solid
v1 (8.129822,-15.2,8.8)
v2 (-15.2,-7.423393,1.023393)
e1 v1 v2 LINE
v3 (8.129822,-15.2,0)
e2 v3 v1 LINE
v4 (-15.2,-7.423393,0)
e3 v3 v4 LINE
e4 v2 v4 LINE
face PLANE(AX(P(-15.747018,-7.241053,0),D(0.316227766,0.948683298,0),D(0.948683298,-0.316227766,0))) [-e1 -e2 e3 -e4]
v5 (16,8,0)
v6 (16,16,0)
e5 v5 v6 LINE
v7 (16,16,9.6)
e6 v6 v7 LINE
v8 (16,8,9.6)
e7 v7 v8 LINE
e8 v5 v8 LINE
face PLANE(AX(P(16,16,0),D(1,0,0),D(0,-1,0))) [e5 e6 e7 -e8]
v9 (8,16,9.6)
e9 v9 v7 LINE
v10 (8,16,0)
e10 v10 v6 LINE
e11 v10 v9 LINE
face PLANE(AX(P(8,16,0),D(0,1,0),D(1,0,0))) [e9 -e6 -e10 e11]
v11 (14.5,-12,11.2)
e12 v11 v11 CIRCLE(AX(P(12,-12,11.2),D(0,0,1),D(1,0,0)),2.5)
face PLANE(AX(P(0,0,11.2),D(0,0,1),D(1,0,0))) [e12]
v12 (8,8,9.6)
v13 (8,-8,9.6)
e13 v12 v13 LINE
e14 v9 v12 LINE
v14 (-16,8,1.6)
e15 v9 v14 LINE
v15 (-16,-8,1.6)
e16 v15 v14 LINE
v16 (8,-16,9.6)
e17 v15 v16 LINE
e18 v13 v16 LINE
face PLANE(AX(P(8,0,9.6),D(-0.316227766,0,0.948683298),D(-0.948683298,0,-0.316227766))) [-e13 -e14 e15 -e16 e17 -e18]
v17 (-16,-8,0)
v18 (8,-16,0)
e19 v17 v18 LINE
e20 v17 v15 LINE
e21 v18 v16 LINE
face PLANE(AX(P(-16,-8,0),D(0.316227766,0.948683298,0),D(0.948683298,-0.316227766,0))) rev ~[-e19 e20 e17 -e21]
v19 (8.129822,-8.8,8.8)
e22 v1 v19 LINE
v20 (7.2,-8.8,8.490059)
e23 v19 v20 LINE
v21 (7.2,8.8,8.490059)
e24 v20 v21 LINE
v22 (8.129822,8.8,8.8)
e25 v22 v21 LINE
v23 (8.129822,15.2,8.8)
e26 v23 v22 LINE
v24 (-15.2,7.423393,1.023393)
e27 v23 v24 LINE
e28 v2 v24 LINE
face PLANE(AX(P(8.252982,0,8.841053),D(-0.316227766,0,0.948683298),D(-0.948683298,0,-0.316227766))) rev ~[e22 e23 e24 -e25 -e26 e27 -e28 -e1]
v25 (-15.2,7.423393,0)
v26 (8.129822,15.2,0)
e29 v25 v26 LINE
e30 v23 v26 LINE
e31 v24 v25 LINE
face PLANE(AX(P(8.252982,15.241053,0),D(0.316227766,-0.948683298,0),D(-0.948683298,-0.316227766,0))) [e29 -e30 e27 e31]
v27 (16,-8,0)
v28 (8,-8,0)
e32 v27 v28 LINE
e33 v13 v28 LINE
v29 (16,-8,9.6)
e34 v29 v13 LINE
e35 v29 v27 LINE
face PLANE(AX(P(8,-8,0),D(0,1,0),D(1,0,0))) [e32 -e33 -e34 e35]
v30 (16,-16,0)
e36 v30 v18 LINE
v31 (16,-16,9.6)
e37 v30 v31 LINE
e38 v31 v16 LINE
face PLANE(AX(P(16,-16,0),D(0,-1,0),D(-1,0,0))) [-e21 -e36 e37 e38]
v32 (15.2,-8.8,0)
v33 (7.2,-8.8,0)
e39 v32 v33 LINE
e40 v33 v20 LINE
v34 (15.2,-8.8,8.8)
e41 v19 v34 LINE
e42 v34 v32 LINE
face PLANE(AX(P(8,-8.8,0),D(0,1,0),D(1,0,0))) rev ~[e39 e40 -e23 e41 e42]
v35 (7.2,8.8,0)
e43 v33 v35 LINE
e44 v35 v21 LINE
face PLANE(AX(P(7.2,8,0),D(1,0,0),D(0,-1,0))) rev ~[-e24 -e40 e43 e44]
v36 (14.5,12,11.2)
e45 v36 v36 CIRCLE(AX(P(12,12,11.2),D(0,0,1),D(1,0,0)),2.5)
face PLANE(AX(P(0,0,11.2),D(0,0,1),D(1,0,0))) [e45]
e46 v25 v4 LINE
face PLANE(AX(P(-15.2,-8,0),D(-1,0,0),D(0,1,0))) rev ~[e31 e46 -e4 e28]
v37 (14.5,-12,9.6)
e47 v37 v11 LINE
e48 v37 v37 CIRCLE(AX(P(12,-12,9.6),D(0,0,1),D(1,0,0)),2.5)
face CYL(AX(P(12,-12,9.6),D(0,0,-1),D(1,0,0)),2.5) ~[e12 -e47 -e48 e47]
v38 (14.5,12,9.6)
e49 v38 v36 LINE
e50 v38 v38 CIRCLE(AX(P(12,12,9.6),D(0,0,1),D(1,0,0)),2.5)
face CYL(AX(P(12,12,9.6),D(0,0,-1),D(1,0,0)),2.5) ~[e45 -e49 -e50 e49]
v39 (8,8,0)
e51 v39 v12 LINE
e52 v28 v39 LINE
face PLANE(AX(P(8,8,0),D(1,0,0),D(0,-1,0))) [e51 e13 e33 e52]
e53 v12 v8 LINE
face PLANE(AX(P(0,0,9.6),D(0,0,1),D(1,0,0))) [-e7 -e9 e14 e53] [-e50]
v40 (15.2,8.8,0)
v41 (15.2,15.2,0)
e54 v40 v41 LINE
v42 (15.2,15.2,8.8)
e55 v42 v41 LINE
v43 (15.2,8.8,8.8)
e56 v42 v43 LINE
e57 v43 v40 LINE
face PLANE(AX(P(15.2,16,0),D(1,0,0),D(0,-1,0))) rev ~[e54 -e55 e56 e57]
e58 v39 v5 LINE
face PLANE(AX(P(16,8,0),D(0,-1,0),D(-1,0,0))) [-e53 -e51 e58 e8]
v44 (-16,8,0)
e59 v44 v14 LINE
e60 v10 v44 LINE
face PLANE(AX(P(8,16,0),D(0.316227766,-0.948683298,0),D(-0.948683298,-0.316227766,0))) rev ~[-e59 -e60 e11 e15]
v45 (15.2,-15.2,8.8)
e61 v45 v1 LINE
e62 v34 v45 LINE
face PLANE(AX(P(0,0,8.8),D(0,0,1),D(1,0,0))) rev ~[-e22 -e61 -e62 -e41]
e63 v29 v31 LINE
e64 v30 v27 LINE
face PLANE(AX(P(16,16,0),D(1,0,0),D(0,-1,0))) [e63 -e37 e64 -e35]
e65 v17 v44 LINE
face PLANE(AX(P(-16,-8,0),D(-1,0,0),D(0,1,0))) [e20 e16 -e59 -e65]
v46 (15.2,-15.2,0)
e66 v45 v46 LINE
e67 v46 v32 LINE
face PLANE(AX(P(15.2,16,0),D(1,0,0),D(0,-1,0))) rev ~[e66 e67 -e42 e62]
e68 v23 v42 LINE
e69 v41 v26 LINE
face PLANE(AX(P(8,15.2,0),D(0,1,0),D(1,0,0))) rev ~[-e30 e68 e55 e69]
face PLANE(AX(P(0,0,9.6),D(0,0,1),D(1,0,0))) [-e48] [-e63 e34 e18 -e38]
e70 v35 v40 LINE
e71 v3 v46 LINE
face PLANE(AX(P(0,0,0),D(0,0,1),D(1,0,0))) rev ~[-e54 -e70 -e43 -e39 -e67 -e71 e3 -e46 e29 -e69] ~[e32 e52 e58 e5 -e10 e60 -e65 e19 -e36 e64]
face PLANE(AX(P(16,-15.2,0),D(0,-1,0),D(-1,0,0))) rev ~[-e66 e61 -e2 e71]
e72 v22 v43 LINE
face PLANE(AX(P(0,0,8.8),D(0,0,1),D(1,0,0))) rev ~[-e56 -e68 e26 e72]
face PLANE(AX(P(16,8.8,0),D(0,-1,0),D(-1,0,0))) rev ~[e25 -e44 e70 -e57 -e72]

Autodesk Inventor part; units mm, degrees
ref_plane "YZ Plane" through (0, 0, 0) normal (1, 0, 0) x (0, 1, 0)
ref_plane "XZ Plane" through (0, 0, 0) normal (0, 1, 0) x (-1, 0, 0)
ref_plane "XY Plane" through (0, 0, 0) normal (0, 0, 1) x (1, 0, 0)
sketch "Sketch1" plane through (0, 0, 0) normal (0, 0, 1) x (1, 0, 0)
  line L0 (-22.4, 0) -> (22.4, 0) construction
  line L1 (0, -22.4) -> (0, 22.4) construction
  line L2 (-16, 16) -> (16, 16)
  line L3 (16, 16) -> (16, -16)
  line L4 (16, -16) -> (-16, -16)
  line L5 (-16, -16) -> (-16, 16)
  line L6 (8, 16) -> (-16, 8)
  line L7 (-16, -8) -> (8, -16)
  line L8 (16, 8) -> (8, 8)
  line L9 (8, 8) -> (8, -8)
  line L10 (8, -8) -> (16, -8)
  point P0 (-16, 0)
  point P1 (0, 16)
  point P2 (8, 0)
  dimension "d0" = 32
  dimension "d1" = 32
  dimension "d5" = 16
  dimension "d9" = 8
  dimension "d10" = 16
extrude "Extrusion1" add sketch "Sketch1" along normal blind 9.6 contours L2 L3 L8 L9 L10 L4 L7 L5 L6 | L3 L10 L9 L8
sketch "Sketch2" plane through (0, 0, 0) normal (0, 1, 0) x (-1, 0, 0)
  line L0 (-16, 0) -> (-16, 9.6) projected
  line L1 (-16, 9.6) -> (-8, 9.6) projected
  line L2 (16, 0) -> (16, 9.6) projected
  line L3 (16, 0) -> (-16, 0)
  line L4 (-8, 9.6) -> (16, 1.6)
  dimension "d6" = 1.6
extrude "Extrusion2" cut sketch "Sketch2" along normal through all both and the other way through all keep common part
extrude "Extrusion4" cut sketch "Sketch1" along normal through all both and the other way through all contours L3 L10 L9 L8
shell "Shell1" thickness 0.8 removed faces 1 at (-8, 2.6667, 0)
sketch "Sketch3" plane through (0, 0, 9.6) normal (0, 0, 1) x (1, 0, 0)
  line L0 (16, 16) -> (16, -16) construction
  line L1 (-22.4, 0) -> (22.4, 0) construction
  line L2 (12, 12) -> (12, -12) construction
  circle A0 centre (12, 12) radius 2.5
  circle A1 centre (12, -12) radius 2.5
  point P0 (12, 0)
  dimension "d11" = 4
  dimension "d12" = 24
  dimension "d13" = 5
extrude "Extrusion3" add sketch "Sketch3" along normal blind 1.6
properties part number "LEGO Brick 4858" material "Steel"
